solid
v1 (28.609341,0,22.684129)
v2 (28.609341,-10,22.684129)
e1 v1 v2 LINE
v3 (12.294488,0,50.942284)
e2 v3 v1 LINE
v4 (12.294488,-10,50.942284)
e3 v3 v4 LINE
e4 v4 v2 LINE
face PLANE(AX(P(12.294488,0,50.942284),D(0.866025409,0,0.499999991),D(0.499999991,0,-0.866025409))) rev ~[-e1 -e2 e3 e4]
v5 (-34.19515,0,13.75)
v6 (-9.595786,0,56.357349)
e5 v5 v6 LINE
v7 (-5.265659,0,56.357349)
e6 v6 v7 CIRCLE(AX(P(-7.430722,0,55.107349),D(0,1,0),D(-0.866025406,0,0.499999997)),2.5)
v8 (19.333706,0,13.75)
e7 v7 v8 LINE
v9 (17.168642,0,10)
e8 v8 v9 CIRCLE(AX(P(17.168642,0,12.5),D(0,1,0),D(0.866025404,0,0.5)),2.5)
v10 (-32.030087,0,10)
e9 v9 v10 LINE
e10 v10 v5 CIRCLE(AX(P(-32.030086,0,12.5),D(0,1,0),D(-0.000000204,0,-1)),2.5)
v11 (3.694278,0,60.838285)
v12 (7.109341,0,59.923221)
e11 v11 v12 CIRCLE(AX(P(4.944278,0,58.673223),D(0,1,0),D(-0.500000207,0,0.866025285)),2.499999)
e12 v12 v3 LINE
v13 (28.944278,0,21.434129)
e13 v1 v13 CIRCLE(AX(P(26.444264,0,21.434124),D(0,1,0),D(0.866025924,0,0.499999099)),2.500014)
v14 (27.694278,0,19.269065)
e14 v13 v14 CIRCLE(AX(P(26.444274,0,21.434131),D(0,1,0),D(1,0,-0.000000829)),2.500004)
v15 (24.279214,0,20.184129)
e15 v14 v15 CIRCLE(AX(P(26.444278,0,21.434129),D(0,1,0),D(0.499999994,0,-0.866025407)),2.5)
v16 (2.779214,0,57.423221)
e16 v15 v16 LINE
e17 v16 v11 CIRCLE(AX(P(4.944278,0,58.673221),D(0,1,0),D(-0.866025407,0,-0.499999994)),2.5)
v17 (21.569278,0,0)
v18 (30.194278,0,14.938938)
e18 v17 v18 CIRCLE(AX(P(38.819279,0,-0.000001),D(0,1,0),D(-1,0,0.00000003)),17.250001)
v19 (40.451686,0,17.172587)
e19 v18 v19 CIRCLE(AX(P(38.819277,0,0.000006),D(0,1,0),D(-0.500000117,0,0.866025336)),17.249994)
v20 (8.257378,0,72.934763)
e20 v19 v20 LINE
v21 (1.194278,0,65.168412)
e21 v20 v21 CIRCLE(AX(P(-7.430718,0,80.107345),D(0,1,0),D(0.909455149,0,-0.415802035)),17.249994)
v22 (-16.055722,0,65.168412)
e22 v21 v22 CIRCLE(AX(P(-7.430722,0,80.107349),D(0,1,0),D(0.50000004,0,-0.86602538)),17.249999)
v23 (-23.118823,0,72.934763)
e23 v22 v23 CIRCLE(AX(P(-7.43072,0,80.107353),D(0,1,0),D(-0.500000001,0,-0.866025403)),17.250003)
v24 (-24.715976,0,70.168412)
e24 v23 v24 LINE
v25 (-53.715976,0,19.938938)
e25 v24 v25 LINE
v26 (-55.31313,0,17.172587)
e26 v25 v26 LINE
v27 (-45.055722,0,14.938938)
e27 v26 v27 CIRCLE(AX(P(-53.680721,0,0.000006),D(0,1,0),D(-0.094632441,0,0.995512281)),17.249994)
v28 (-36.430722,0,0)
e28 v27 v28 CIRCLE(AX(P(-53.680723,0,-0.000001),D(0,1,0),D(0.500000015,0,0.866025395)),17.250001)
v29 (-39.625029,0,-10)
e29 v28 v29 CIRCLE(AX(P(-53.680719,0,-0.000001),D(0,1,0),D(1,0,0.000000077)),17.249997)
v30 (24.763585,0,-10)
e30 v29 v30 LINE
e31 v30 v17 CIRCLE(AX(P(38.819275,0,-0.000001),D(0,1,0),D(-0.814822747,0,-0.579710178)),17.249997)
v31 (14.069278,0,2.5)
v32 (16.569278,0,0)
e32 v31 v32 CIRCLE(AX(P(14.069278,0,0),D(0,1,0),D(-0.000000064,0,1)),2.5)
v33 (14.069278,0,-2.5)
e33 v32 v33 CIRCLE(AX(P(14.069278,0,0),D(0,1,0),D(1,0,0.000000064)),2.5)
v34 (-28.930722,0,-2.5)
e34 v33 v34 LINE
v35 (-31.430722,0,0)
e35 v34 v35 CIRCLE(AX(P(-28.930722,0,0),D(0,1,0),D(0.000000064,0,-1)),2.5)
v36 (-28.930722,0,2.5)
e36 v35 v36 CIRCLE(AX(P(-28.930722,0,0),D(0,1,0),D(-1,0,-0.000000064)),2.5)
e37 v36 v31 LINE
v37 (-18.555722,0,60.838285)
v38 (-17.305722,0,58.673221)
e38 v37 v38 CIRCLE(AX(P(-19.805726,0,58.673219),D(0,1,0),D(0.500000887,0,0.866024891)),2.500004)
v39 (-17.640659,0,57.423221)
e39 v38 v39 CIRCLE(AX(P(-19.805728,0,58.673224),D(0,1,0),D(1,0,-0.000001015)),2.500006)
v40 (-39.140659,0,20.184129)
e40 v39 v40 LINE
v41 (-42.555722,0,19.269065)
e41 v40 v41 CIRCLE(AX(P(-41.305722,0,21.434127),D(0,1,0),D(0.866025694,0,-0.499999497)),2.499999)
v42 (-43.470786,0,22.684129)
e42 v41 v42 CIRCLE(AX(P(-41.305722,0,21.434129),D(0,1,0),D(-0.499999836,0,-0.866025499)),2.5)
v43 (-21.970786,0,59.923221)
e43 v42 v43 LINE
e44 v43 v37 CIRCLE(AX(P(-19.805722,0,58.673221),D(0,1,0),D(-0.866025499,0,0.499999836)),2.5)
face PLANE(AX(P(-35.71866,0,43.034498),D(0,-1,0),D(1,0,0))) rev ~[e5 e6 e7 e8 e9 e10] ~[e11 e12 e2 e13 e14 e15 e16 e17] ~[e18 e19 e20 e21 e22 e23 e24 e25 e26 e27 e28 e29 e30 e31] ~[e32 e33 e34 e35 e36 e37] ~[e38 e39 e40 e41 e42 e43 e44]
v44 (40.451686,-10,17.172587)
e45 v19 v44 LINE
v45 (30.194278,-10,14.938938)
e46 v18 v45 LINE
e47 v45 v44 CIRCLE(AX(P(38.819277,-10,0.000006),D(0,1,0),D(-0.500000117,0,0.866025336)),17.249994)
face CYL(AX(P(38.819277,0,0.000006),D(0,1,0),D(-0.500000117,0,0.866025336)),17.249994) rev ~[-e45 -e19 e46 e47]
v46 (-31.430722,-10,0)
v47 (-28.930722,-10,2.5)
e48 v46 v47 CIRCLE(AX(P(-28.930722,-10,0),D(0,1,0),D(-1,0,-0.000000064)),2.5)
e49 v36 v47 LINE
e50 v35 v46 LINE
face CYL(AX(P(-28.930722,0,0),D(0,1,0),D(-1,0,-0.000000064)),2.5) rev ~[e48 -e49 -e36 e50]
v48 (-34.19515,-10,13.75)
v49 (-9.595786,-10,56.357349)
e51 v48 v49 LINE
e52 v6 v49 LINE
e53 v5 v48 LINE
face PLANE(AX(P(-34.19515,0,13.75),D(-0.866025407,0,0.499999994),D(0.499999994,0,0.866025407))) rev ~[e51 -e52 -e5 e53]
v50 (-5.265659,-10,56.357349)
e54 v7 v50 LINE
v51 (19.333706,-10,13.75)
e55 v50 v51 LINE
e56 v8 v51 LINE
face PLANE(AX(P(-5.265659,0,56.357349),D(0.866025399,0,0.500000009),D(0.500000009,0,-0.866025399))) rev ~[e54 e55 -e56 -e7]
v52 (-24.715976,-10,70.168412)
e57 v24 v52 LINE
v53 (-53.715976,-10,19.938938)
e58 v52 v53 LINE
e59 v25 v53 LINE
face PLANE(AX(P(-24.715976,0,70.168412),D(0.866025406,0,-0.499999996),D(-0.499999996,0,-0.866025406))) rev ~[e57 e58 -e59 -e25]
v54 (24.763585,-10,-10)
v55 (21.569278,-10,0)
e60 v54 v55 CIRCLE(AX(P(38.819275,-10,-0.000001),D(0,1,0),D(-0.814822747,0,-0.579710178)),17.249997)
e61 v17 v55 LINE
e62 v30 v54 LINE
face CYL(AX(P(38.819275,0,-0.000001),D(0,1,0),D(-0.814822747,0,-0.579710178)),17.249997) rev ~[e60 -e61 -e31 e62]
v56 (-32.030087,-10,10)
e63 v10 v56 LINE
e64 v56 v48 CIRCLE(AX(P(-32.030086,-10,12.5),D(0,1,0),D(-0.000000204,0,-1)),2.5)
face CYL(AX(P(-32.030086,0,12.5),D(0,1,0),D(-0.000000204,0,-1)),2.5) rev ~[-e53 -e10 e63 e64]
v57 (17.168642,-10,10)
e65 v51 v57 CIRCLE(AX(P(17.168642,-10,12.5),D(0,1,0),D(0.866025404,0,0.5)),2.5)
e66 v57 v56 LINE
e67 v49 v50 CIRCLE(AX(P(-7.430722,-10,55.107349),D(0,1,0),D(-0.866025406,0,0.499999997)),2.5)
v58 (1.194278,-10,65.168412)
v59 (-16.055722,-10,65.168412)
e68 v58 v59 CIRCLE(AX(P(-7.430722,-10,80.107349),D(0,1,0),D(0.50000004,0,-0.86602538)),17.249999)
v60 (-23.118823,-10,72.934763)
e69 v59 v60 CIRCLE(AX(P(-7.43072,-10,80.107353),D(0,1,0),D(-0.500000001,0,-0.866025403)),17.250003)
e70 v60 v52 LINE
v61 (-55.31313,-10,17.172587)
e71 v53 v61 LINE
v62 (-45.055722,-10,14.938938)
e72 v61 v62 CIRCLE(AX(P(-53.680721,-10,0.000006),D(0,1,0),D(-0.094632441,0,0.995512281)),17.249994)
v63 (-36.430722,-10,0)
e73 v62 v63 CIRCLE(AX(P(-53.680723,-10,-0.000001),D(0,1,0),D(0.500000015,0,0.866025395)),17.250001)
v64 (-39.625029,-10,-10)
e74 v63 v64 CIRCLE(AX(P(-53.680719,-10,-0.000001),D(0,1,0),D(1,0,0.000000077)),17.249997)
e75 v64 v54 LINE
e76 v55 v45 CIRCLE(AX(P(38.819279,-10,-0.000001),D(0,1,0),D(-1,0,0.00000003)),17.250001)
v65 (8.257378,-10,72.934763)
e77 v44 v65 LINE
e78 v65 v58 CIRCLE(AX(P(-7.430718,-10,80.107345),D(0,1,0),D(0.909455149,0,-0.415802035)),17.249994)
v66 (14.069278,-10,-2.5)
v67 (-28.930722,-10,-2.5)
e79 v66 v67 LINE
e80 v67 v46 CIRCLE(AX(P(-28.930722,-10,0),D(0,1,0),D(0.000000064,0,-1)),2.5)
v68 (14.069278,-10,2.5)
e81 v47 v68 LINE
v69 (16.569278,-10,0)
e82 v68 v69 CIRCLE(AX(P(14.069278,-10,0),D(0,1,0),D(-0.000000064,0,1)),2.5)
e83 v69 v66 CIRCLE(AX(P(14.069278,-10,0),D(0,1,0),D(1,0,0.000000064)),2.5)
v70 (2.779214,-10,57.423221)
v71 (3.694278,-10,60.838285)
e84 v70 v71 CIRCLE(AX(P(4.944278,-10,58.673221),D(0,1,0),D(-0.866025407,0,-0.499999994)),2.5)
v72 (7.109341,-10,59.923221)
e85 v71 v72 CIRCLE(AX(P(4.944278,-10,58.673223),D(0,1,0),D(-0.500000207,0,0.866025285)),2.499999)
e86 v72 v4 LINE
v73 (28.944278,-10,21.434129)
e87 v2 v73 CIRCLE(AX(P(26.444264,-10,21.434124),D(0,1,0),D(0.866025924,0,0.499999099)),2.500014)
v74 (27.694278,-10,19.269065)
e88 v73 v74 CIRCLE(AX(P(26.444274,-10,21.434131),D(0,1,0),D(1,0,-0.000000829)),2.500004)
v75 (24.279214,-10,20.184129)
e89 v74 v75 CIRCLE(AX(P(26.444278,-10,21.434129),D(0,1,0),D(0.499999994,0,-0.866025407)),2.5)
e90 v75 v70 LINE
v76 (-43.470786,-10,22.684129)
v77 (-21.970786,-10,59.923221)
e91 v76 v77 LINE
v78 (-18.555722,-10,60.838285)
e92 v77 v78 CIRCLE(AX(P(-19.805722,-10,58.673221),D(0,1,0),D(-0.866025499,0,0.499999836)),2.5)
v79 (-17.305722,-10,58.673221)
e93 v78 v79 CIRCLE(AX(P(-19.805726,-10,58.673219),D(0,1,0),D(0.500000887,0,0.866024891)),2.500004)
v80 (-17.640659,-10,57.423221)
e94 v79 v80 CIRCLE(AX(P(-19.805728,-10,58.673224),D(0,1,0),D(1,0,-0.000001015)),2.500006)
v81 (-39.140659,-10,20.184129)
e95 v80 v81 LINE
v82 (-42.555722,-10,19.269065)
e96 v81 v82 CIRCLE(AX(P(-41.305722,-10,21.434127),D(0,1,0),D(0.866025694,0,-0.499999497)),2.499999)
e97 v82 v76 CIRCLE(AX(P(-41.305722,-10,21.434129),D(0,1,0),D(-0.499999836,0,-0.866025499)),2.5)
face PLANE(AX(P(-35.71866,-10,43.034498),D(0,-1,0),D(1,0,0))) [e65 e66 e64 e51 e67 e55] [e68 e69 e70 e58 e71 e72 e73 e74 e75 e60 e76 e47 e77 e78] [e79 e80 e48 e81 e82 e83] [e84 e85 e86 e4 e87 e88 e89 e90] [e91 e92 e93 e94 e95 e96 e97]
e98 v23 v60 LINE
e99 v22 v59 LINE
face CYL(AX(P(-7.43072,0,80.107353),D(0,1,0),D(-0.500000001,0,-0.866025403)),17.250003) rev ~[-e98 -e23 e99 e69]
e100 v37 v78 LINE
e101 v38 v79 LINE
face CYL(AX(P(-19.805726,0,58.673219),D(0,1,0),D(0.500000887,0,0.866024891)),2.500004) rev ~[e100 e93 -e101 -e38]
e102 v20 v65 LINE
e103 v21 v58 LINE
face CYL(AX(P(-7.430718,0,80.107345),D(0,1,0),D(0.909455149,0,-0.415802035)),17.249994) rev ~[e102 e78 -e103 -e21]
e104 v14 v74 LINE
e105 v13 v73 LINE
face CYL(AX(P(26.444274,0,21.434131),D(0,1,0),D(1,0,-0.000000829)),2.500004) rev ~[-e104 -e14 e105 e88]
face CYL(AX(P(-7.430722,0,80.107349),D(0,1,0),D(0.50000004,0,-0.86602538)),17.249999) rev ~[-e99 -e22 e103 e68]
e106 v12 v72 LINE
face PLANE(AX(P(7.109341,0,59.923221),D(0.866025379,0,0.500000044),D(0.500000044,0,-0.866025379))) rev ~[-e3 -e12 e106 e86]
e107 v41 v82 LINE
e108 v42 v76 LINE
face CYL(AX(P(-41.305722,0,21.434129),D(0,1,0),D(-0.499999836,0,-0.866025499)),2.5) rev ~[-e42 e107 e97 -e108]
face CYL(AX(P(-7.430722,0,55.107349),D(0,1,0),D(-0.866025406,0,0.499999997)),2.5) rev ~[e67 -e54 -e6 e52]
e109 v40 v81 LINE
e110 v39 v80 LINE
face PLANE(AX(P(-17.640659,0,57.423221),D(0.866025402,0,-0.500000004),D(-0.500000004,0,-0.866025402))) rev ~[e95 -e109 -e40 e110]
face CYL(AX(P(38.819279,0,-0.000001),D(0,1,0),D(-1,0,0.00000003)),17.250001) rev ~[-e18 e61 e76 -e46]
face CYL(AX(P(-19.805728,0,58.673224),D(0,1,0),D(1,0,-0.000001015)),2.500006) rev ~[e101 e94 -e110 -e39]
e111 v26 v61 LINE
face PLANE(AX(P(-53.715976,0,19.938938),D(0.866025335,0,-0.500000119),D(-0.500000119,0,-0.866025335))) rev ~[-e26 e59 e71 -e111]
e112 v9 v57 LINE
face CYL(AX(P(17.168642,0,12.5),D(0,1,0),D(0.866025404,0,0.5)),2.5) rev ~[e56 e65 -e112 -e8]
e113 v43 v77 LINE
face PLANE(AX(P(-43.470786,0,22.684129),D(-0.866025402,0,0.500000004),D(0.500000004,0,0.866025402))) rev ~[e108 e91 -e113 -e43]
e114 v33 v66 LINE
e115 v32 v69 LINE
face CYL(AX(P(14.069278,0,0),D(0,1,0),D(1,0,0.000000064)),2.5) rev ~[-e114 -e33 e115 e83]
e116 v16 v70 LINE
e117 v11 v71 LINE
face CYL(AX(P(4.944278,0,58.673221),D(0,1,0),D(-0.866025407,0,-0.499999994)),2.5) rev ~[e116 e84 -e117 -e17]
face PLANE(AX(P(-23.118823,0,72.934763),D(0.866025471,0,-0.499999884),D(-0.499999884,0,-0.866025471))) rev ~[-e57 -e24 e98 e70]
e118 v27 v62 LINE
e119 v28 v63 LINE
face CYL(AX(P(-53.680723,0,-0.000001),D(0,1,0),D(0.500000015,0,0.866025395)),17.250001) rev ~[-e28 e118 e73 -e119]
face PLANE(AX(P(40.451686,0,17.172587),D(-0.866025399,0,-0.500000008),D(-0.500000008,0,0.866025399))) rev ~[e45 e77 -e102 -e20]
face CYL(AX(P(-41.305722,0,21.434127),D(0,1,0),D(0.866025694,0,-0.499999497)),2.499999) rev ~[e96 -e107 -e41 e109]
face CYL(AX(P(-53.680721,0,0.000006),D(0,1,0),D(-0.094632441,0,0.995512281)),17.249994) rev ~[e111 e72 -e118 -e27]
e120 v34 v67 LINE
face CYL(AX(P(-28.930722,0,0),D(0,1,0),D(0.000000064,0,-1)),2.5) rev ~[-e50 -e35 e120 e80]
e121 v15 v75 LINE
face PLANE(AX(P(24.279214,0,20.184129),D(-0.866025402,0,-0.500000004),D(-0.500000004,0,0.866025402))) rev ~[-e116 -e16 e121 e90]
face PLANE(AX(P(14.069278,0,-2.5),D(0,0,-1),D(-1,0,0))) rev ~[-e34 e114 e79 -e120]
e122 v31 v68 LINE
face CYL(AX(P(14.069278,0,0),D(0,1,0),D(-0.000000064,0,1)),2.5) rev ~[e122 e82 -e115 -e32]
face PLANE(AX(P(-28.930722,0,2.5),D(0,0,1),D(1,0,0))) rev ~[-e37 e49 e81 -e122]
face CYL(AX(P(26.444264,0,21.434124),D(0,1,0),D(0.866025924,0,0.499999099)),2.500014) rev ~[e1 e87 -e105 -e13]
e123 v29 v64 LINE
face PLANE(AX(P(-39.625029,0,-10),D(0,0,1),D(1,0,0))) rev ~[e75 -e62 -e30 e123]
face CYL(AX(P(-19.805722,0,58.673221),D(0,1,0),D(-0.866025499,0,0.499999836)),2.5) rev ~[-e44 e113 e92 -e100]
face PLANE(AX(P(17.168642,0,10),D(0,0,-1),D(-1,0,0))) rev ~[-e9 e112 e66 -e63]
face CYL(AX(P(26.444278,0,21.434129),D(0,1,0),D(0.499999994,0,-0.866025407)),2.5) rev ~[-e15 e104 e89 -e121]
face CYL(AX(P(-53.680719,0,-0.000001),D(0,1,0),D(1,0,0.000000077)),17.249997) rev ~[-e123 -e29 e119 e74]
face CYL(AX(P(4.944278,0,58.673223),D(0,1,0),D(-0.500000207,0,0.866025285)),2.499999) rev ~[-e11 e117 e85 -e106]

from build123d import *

# Parameters (mm, degrees)
F1_DEPTH = 10


with BuildPart() as f1:
    # F0 (on Front) → F1 (new body)
    with BuildSketch(Plane.XZ):
        with BuildLine():
            ThreePointArc((-55.31313, 17.172587), (-50.010384, 16.855003), (-45.055722, 14.938938))
            Line((-45.055722, 14.938938), (-42.555722, 19.269065))
            ThreePointArc((-42.555722, 19.269065), (-43.720537, 20.787081), (-43.470786, 22.684129))
            Line((-43.470786, 22.684129), (-21.970786, 59.923221))
            ThreePointArc((-21.970786, 59.923221), (-20.45277, 61.088036), (-18.555722, 60.838285))
            Line((-18.555722, 60.838285), (-16.055722, 65.168412))
            ThreePointArc((-16.055722, 65.168412), (-20.192413, 68.501242), (-23.118823, 72.934763))
            Line((-23.118823, 72.934763), (-24.715976, 70.168412))
            Line((-24.715976, 70.168412), (-53.715976, 19.938938))
            Line((-53.715976, 19.938938), (-55.31313, 17.172587))
        make_face()
        with BuildLine():
            ThreePointArc((-45.055722, 14.938938), (-38.741784, 8.625), (-36.430722, 0))
            Line((-36.430722, 0), (-31.430722, 0))
            ThreePointArc((-31.430722, 0), (-30.698489, 1.767767), (-28.930722, 2.5))
            Line((-28.930722, 2.5), (14.069278, 2.5))
            ThreePointArc((14.069278, 2.5), (15.837045, 1.767767), (16.569278, 0))
            Line((16.569278, 0), (21.569278, 0))
            ThreePointArc((21.569278, 0), (23.88034, 8.625), (30.194278, 14.938938))
            Line((30.194278, 14.938938), (27.694278, 19.269065))
            ThreePointArc((27.694278, 19.269065), (25.79723, 19.019314), (24.279214, 20.184129))
            Line((24.279214, 20.184129), (2.779214, 57.423221))
            ThreePointArc((2.779214, 57.423221), (2.529463, 59.320269), (3.694278, 60.838285))
            Line((3.694278, 60.838285), (1.194278, 65.168412))
            ThreePointArc((1.194278, 65.168412), (-7.430722, 62.85735), (-16.055722, 65.168412))
            Line((-16.055722, 65.168412), (-18.555722, 60.838285))
            ThreePointArc((-18.555722, 60.838285), (-17.640659, 59.923221), (-17.305722, 58.673221))
            ThreePointArc((-17.305722, 58.673221), (-17.390908, 58.026173), (-17.640659, 57.423221))
            Line((-17.640659, 57.423221), (-39.140659, 20.184129))
            ThreePointArc((-39.140659, 20.184129), (-40.658674, 19.019314), (-42.555722, 19.269065))
            Line((-42.555722, 19.269065), (-45.055722, 14.938938))
        make_face()
        with BuildLine():
            Line((-34.19515, 13.75), (-9.595786, 56.357349))
            ThreePointArc((-9.595786, 56.357349), (-7.430722, 57.607349), (-5.265659, 56.357349))
            Line((-5.265659, 56.357349), (19.333706, 13.75))
            ThreePointArc((19.333706, 13.75), (19.333706, 11.25), (17.168642, 10))
            Line((17.168642, 10), (-32.030087, 10))
            ThreePointArc((-32.030087, 10), (-34.19515, 11.25), (-34.19515, 13.75))
        make_face(mode=Mode.SUBTRACT)
        with BuildLine():
            Line((27.694278, 19.269065), (30.194278, 14.938938))
            ThreePointArc((30.194278, 14.938938), (35.14894, 16.855003), (40.451686, 17.172587))
            Line((40.451686, 17.172587), (8.257378, 72.934763))
            ThreePointArc((8.257378, 72.934763), (5.330969, 68.501242), (1.194278, 65.168412))
            Line((1.194278, 65.168412), (3.694278, 60.838285))
            ThreePointArc((3.694278, 60.838285), (5.591326, 61.088036), (7.109341, 59.923221))
            Line((7.109341, 59.923221), (12.294488, 50.942284))
            Line((12.294488, 50.942284), (28.609341, 22.684129))
            ThreePointArc((28.609341, 22.684129), (28.859092, 22.081176), (28.944278, 21.434129))
            ThreePointArc((28.944278, 21.434129), (28.609341, 20.184129), (27.694278, 19.269065))
        make_face()
        with BuildLine():
            ThreePointArc((-36.430722, 0), (-37.248692, -5.248895), (-39.625029, -10))
            Line((-39.625029, -10), (24.763585, -10))
            ThreePointArc((24.763585, -10), (22.387248, -5.248895), (21.569278, 0))
            Line((21.569278, 0), (16.569278, 0))
            ThreePointArc((16.569278, 0), (15.837045, -1.767767), (14.069278, -2.5))
            Line((14.069278, -2.5), (-28.930722, -2.5))
            ThreePointArc((-28.930722, -2.5), (-30.698489, -1.767767), (-31.430722, 0))
            Line((-31.430722, 0), (-36.430722, 0))
        make_face()
    extrude(amount=F1_DEPTH)


solid = f1.part
